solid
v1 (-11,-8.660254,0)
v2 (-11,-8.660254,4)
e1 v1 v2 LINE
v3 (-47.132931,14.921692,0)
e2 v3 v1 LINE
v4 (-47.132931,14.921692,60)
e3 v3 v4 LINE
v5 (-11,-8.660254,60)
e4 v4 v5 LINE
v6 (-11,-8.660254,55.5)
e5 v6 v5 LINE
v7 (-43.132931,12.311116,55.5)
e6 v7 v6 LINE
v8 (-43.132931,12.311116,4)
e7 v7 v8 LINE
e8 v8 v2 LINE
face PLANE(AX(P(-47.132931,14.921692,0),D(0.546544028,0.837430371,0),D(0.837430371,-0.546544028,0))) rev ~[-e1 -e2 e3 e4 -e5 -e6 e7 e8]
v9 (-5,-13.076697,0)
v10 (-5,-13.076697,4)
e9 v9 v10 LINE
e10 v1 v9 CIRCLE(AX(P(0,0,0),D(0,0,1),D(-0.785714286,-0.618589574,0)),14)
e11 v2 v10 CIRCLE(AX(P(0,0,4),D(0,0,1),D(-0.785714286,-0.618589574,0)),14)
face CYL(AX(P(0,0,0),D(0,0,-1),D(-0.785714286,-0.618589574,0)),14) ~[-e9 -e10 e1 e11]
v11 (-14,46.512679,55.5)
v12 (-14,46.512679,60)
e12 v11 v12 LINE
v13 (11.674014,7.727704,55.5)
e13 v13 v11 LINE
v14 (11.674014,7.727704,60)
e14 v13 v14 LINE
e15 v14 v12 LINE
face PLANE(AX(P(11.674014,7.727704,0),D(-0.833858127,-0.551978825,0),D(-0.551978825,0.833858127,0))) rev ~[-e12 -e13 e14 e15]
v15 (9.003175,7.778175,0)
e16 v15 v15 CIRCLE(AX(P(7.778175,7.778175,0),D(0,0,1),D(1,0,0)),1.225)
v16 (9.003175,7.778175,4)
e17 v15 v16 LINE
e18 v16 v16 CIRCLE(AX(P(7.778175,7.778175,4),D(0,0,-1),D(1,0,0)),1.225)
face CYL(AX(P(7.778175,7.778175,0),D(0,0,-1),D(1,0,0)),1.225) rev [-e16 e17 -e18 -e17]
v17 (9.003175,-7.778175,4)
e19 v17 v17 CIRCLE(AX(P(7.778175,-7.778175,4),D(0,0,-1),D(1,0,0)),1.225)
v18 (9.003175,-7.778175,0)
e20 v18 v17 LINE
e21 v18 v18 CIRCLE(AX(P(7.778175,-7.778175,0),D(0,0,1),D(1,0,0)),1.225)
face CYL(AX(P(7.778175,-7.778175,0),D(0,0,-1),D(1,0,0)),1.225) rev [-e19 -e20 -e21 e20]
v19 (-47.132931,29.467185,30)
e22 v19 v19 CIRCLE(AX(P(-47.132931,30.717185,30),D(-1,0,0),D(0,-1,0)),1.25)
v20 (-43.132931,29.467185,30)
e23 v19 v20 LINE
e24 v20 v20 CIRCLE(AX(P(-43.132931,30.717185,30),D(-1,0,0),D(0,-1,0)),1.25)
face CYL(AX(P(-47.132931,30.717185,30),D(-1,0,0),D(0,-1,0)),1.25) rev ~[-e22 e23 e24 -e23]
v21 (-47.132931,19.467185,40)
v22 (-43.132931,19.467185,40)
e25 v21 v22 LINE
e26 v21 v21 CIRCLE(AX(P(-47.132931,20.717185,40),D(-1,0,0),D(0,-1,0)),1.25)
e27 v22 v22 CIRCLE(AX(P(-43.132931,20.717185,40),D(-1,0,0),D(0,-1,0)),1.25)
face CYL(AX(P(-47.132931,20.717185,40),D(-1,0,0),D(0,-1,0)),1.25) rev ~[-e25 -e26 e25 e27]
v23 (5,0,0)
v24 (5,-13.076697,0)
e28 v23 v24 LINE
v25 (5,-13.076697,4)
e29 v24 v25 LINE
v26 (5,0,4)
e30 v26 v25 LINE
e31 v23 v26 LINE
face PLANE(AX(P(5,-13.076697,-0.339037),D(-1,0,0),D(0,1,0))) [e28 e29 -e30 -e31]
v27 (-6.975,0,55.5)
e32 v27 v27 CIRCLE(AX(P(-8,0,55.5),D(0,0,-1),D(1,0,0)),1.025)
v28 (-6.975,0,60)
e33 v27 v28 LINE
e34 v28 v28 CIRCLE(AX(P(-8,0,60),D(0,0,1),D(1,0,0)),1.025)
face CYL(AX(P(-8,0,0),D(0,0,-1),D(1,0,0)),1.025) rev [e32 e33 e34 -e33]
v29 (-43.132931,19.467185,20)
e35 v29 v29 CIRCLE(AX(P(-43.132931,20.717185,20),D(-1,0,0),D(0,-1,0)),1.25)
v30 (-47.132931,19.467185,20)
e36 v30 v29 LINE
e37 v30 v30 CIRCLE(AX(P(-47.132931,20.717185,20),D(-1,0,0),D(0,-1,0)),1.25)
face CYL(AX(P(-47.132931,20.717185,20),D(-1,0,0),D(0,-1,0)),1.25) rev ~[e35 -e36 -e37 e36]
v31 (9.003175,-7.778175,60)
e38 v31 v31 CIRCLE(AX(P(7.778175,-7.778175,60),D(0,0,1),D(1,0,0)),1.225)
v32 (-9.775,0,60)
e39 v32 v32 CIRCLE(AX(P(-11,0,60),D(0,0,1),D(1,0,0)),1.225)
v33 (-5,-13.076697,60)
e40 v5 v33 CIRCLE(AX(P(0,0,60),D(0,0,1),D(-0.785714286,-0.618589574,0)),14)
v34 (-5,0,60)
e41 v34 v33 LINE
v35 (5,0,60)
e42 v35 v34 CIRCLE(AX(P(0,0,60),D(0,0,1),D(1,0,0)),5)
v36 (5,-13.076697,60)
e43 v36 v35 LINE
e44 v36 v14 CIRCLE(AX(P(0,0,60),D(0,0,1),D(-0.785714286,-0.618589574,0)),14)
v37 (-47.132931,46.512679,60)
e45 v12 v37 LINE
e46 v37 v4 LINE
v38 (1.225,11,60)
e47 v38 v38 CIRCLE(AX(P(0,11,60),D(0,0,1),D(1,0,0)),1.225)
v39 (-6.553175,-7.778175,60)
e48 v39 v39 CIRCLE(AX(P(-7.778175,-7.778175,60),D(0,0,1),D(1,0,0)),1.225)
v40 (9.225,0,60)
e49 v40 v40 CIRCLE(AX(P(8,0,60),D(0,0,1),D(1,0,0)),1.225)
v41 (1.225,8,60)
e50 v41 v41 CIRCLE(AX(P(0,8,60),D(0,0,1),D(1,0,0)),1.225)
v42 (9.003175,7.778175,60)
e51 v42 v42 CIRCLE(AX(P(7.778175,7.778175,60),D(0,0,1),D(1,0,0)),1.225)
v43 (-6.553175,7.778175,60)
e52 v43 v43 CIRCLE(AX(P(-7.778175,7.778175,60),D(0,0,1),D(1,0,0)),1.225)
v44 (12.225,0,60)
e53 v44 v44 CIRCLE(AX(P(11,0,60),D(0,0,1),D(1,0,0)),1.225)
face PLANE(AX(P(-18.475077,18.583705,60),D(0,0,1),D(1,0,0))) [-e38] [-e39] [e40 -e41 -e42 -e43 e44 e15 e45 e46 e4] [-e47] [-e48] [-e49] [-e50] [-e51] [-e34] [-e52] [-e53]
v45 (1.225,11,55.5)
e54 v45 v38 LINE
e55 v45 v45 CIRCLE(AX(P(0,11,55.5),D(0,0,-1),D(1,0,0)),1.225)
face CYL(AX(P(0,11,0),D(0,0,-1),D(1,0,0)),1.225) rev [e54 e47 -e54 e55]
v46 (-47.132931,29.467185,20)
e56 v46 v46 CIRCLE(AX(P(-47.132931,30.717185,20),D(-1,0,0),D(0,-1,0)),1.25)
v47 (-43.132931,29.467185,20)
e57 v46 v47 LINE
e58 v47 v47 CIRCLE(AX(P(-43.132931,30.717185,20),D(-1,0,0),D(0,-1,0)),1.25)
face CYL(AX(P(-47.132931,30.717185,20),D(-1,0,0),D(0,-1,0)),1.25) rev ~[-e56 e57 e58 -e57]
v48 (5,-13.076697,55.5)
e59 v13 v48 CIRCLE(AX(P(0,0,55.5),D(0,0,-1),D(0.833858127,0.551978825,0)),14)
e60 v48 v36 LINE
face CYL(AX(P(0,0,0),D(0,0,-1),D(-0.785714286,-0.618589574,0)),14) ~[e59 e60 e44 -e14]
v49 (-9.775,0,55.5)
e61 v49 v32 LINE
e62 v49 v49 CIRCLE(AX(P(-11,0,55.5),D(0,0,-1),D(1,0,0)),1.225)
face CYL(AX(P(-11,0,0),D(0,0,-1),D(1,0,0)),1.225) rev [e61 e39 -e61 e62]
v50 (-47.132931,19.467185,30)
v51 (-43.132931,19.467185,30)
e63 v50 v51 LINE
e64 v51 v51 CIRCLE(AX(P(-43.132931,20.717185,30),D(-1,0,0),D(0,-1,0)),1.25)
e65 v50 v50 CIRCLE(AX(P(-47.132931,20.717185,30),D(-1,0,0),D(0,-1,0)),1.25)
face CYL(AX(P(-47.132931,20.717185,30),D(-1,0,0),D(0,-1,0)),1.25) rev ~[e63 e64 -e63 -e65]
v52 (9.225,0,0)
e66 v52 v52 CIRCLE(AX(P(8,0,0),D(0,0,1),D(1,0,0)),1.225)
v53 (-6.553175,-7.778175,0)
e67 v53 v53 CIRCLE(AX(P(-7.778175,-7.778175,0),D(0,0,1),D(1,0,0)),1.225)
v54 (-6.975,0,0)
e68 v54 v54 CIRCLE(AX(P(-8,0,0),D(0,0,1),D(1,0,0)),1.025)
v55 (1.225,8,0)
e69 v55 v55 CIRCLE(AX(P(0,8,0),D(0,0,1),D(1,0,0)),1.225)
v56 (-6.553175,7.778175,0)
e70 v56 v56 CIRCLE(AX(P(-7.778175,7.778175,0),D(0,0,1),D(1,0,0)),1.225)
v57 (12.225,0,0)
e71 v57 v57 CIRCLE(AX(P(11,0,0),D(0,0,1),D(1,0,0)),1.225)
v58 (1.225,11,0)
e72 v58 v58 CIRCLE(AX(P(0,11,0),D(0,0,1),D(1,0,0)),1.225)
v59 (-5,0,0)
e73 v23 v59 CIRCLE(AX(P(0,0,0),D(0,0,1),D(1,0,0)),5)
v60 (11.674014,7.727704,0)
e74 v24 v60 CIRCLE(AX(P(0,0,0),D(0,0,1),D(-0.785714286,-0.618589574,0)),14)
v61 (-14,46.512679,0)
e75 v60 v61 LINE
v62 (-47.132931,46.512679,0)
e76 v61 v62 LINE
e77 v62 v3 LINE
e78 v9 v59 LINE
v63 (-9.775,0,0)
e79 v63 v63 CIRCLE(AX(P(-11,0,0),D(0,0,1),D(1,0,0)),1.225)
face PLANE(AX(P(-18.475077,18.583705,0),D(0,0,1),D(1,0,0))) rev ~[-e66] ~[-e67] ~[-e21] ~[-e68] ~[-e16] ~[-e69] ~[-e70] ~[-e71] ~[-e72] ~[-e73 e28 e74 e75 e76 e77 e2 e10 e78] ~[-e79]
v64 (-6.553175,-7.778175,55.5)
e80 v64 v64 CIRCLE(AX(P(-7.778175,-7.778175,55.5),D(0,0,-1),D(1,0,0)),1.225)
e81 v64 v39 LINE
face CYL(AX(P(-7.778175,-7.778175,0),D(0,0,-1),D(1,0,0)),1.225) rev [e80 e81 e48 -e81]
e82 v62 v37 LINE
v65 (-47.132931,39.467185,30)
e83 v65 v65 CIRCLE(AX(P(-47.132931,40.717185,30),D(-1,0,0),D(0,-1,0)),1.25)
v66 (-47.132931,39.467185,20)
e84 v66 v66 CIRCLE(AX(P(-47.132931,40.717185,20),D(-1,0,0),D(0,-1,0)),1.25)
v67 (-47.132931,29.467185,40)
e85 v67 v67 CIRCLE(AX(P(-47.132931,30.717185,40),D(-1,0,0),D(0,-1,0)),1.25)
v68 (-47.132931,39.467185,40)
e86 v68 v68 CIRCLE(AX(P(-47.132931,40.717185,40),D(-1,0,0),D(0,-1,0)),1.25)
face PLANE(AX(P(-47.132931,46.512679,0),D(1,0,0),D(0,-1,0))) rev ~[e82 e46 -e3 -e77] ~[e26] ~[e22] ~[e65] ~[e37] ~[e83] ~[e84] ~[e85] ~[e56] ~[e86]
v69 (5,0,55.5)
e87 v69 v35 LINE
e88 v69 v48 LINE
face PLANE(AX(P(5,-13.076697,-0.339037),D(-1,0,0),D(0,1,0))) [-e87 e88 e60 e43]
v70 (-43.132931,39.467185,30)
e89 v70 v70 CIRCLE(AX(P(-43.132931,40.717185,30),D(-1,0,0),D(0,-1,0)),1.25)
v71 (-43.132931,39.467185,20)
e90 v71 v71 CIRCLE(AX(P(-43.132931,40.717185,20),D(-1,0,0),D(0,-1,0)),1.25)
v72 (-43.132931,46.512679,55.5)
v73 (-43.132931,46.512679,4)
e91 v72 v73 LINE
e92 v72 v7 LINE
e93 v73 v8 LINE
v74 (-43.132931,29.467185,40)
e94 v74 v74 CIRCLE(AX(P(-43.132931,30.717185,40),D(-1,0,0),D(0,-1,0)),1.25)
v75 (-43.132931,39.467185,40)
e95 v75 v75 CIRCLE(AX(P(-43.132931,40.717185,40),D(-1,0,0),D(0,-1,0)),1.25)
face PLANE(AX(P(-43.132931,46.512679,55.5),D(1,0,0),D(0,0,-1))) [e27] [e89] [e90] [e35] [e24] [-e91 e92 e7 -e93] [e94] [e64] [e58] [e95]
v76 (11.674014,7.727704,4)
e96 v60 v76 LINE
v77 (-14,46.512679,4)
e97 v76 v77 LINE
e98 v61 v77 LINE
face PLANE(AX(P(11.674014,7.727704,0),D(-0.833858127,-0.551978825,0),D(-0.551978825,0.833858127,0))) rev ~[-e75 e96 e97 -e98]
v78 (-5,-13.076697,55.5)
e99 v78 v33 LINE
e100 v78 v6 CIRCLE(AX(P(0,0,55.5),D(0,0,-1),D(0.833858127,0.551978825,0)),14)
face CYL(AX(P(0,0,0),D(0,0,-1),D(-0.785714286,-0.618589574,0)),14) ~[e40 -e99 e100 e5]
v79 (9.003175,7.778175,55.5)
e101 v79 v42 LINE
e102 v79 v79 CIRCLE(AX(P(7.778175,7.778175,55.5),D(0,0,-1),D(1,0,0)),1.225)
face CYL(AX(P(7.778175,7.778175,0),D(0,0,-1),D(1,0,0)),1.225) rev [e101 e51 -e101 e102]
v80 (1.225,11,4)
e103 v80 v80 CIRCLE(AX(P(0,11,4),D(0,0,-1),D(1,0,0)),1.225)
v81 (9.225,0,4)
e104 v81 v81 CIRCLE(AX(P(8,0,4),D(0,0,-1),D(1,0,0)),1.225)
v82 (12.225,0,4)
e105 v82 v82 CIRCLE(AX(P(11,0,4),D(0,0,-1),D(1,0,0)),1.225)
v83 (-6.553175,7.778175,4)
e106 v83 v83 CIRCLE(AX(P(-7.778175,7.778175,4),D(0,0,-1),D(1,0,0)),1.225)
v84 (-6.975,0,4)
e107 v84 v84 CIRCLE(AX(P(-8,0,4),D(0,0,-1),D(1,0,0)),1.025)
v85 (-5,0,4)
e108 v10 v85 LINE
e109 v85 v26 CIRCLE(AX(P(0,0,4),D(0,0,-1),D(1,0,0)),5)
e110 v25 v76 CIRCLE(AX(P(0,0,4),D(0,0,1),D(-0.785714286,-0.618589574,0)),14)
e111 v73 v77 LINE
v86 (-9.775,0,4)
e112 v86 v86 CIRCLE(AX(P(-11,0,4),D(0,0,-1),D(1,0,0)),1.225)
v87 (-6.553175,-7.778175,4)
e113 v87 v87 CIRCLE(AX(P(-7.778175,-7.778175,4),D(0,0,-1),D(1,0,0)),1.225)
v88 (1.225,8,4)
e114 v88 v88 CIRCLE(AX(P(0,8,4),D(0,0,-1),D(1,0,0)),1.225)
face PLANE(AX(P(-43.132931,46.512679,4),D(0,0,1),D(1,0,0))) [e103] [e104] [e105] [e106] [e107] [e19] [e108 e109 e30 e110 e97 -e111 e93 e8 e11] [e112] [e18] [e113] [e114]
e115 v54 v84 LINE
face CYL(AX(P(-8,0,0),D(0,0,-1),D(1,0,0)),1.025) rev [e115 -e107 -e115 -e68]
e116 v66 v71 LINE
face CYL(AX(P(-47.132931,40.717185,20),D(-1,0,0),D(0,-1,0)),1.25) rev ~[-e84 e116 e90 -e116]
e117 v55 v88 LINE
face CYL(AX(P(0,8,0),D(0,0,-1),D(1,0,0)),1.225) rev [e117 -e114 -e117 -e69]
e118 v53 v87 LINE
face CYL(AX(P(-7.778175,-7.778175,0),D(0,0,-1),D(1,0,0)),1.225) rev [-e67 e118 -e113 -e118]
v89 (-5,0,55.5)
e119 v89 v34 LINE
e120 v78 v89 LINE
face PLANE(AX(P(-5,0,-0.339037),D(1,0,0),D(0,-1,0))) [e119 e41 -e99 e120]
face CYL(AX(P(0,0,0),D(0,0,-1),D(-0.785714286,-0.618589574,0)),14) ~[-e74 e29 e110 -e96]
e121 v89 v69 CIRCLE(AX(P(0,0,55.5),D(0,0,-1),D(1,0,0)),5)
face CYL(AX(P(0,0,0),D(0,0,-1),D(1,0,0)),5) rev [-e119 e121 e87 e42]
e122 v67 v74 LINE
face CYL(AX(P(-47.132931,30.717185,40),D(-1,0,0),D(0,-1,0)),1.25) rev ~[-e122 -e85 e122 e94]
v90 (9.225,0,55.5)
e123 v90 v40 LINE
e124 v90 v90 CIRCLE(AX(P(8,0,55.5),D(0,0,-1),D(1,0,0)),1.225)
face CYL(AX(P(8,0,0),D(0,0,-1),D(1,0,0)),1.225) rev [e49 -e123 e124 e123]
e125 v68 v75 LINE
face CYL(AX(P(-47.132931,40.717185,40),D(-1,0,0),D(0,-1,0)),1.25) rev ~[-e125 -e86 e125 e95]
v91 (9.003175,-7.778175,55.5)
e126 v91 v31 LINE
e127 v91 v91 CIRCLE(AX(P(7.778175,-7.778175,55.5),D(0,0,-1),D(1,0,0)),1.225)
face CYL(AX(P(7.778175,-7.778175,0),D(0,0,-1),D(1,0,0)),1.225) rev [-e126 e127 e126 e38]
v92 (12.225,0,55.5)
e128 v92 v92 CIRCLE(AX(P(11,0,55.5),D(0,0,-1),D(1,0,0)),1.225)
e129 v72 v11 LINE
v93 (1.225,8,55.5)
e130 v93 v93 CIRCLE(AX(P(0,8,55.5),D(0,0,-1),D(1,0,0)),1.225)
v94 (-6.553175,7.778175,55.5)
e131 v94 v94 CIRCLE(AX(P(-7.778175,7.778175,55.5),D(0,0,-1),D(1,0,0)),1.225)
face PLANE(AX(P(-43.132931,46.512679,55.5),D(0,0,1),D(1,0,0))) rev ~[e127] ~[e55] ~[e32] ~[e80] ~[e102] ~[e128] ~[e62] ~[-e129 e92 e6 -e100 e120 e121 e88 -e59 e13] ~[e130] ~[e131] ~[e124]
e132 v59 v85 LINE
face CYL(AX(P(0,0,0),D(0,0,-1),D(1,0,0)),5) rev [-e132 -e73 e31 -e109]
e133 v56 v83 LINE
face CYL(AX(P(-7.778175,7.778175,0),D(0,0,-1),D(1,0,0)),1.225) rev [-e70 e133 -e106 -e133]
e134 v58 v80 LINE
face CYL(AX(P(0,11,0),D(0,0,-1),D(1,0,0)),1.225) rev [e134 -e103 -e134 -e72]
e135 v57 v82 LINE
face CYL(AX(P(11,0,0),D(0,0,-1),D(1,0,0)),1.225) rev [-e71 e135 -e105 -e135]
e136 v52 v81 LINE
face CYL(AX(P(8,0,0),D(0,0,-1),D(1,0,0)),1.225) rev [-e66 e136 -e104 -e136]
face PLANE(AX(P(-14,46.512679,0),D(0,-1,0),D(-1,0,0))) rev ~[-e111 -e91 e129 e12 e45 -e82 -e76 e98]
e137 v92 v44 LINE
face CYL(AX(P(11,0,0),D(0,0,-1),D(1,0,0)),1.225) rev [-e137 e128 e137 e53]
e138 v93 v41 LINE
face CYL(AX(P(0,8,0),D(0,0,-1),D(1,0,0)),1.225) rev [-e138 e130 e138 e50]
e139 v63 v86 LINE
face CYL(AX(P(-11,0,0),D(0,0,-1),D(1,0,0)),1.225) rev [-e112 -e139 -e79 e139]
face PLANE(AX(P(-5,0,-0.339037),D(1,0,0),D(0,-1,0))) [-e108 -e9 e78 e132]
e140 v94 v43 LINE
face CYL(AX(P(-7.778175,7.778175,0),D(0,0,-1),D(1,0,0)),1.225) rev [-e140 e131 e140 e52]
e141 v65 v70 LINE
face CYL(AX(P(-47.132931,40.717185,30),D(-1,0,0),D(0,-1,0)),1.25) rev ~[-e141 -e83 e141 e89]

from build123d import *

# Parameters (mm, degrees)
SKETCH_1_R          = 5
SKETCH_1_R_2        = 1.225
SKETCH_1_R_3        = 1.025
EXTRUDE_1_DEPTH     = 60
SKETCH_2_W          = 57.132931415
SKETCH_2_H          = 51.5
CUT_EXTRUDE_1_DEPTH = 66
CUT_EXTRUDE_START   = -60.33903683
CUT_EXTRUDE_3_DEPTH = 60.33903683
SKETCH_6_R          = 1.25
CUT_EXTRUDE_4_DEPTH = 10


with BuildPart() as part:
    # 스케치1 → 보스-돌출1 (new body)
    with BuildSketch(Plane.XY):
        with BuildLine():
            Line((11.674013781, 7.727703555), (-14, 46.512678751))
            Line((-14, 46.512678751), (-47.132931415, 46.512678751))
            Line((-47.132931415, 46.512678751), (-47.132931415, 14.921692086))
            Line((-47.132931415, 14.921692086), (-11, -8.660254038))
            ThreePointArc((-11, -8.660254038), (8.200906179, -11.346591463), (11.674013781, 7.727703555))
        make_face()
        Circle(SKETCH_1_R, mode=Mode.SUBTRACT)
        with Locations((0, 8)):
            Circle(SKETCH_1_R_2, mode=Mode.SUBTRACT)
        with Locations((0, 11)):
            Circle(SKETCH_1_R_2, mode=Mode.SUBTRACT)
        with Locations((7.778174593, 7.778174593)):
            Circle(SKETCH_1_R_2, mode=Mode.SUBTRACT)
        with Locations((8, 0)):
            Circle(SKETCH_1_R_2, mode=Mode.SUBTRACT)
        with Locations((11, 0)):
            Circle(SKETCH_1_R_2, mode=Mode.SUBTRACT)
        with Locations((7.778174593, -7.778174593)):
            Circle(SKETCH_1_R_2, mode=Mode.SUBTRACT)
        with Locations((0, -8)):
            Circle(SKETCH_1_R_2, mode=Mode.SUBTRACT)
        with Locations((0, -11)):
            Circle(SKETCH_1_R_2, mode=Mode.SUBTRACT)
        with Locations((-7.778174593, -7.778174593)):
            Circle(SKETCH_1_R_2, mode=Mode.SUBTRACT)
        with Locations((-8, 0)):
            Circle(SKETCH_1_R_3, mode=Mode.SUBTRACT)
        with Locations((-11, 0)):
            Circle(SKETCH_1_R_2, mode=Mode.SUBTRACT)
        with Locations((-7.778174593, 7.778174593)):
            Circle(SKETCH_1_R_2, mode=Mode.SUBTRACT)
    extrude(amount=EXTRUDE_1_DEPTH)

    # 스케치2 → 컷-돌출1 (cut)
    with BuildSketch(Plane(origin=(0, 46.512678751, 0), x_dir=(1, 0, 0), z_dir=(0, 1, 0))):
        with Locations((-14.566465708, -29.75)):
            Rectangle(SKETCH_2_W, SKETCH_2_H)
    extrude(amount=-CUT_EXTRUDE_1_DEPTH, mode=Mode.SUBTRACT)

    # 스케치4 → 컷-돌출3 (cut)
    with BuildSketch(Plane.XY.offset(60).offset(CUT_EXTRUDE_START)):
        with BuildLine():
            Line((-5, 0), (-5, -13.076696831))
            ThreePointArc((-5, -13.076696831), (0, -14), (5, -13.076696831))
            Line((5, -13.076696831), (5, 0))
            Line((5, 0), (-5, 0))
        make_face()
    extrude(amount=CUT_EXTRUDE_3_DEPTH, mode=Mode.SUBTRACT)

    # 스케치6 → 컷-돌출4 (cut)
    with BuildSketch(Plane.ZY.offset(47.132931415)):
        with Locations(Location((30, 30.717185419, 0), (0, 0, 270))):
            Circle(SKETCH_6_R)
        with Locations(Location((40, 30.717185419, 0), (0, 0, 270))):
            Circle(SKETCH_6_R)
        with Locations(Location((20, 30.717185419, 0), (0, 0, 270))):
            Circle(SKETCH_6_R)
        with Locations(Location((20, 40.717185419, 0), (0, 0, 270))):
            Circle(SKETCH_6_R)
        with Locations(Location((30, 40.717185419, 0), (0, 0, 270))):
            Circle(SKETCH_6_R)
        with Locations(Location((40, 40.717185419, 0), (0, 0, 270))):
            Circle(SKETCH_6_R)
        with Locations(Location((20, 20.717185419, 0), (0, 0, 270))):
            Circle(SKETCH_6_R)
        with Locations(Location((30, 20.717185419, 0), (0, 0, 270))):
            Circle(SKETCH_6_R)
        with Locations(Location((40, 20.717185419, 0), (0, 0, 270))):
            Circle(SKETCH_6_R)
    extrude(amount=-CUT_EXTRUDE_4_DEPTH, mode=Mode.SUBTRACT)


solid = part.part
